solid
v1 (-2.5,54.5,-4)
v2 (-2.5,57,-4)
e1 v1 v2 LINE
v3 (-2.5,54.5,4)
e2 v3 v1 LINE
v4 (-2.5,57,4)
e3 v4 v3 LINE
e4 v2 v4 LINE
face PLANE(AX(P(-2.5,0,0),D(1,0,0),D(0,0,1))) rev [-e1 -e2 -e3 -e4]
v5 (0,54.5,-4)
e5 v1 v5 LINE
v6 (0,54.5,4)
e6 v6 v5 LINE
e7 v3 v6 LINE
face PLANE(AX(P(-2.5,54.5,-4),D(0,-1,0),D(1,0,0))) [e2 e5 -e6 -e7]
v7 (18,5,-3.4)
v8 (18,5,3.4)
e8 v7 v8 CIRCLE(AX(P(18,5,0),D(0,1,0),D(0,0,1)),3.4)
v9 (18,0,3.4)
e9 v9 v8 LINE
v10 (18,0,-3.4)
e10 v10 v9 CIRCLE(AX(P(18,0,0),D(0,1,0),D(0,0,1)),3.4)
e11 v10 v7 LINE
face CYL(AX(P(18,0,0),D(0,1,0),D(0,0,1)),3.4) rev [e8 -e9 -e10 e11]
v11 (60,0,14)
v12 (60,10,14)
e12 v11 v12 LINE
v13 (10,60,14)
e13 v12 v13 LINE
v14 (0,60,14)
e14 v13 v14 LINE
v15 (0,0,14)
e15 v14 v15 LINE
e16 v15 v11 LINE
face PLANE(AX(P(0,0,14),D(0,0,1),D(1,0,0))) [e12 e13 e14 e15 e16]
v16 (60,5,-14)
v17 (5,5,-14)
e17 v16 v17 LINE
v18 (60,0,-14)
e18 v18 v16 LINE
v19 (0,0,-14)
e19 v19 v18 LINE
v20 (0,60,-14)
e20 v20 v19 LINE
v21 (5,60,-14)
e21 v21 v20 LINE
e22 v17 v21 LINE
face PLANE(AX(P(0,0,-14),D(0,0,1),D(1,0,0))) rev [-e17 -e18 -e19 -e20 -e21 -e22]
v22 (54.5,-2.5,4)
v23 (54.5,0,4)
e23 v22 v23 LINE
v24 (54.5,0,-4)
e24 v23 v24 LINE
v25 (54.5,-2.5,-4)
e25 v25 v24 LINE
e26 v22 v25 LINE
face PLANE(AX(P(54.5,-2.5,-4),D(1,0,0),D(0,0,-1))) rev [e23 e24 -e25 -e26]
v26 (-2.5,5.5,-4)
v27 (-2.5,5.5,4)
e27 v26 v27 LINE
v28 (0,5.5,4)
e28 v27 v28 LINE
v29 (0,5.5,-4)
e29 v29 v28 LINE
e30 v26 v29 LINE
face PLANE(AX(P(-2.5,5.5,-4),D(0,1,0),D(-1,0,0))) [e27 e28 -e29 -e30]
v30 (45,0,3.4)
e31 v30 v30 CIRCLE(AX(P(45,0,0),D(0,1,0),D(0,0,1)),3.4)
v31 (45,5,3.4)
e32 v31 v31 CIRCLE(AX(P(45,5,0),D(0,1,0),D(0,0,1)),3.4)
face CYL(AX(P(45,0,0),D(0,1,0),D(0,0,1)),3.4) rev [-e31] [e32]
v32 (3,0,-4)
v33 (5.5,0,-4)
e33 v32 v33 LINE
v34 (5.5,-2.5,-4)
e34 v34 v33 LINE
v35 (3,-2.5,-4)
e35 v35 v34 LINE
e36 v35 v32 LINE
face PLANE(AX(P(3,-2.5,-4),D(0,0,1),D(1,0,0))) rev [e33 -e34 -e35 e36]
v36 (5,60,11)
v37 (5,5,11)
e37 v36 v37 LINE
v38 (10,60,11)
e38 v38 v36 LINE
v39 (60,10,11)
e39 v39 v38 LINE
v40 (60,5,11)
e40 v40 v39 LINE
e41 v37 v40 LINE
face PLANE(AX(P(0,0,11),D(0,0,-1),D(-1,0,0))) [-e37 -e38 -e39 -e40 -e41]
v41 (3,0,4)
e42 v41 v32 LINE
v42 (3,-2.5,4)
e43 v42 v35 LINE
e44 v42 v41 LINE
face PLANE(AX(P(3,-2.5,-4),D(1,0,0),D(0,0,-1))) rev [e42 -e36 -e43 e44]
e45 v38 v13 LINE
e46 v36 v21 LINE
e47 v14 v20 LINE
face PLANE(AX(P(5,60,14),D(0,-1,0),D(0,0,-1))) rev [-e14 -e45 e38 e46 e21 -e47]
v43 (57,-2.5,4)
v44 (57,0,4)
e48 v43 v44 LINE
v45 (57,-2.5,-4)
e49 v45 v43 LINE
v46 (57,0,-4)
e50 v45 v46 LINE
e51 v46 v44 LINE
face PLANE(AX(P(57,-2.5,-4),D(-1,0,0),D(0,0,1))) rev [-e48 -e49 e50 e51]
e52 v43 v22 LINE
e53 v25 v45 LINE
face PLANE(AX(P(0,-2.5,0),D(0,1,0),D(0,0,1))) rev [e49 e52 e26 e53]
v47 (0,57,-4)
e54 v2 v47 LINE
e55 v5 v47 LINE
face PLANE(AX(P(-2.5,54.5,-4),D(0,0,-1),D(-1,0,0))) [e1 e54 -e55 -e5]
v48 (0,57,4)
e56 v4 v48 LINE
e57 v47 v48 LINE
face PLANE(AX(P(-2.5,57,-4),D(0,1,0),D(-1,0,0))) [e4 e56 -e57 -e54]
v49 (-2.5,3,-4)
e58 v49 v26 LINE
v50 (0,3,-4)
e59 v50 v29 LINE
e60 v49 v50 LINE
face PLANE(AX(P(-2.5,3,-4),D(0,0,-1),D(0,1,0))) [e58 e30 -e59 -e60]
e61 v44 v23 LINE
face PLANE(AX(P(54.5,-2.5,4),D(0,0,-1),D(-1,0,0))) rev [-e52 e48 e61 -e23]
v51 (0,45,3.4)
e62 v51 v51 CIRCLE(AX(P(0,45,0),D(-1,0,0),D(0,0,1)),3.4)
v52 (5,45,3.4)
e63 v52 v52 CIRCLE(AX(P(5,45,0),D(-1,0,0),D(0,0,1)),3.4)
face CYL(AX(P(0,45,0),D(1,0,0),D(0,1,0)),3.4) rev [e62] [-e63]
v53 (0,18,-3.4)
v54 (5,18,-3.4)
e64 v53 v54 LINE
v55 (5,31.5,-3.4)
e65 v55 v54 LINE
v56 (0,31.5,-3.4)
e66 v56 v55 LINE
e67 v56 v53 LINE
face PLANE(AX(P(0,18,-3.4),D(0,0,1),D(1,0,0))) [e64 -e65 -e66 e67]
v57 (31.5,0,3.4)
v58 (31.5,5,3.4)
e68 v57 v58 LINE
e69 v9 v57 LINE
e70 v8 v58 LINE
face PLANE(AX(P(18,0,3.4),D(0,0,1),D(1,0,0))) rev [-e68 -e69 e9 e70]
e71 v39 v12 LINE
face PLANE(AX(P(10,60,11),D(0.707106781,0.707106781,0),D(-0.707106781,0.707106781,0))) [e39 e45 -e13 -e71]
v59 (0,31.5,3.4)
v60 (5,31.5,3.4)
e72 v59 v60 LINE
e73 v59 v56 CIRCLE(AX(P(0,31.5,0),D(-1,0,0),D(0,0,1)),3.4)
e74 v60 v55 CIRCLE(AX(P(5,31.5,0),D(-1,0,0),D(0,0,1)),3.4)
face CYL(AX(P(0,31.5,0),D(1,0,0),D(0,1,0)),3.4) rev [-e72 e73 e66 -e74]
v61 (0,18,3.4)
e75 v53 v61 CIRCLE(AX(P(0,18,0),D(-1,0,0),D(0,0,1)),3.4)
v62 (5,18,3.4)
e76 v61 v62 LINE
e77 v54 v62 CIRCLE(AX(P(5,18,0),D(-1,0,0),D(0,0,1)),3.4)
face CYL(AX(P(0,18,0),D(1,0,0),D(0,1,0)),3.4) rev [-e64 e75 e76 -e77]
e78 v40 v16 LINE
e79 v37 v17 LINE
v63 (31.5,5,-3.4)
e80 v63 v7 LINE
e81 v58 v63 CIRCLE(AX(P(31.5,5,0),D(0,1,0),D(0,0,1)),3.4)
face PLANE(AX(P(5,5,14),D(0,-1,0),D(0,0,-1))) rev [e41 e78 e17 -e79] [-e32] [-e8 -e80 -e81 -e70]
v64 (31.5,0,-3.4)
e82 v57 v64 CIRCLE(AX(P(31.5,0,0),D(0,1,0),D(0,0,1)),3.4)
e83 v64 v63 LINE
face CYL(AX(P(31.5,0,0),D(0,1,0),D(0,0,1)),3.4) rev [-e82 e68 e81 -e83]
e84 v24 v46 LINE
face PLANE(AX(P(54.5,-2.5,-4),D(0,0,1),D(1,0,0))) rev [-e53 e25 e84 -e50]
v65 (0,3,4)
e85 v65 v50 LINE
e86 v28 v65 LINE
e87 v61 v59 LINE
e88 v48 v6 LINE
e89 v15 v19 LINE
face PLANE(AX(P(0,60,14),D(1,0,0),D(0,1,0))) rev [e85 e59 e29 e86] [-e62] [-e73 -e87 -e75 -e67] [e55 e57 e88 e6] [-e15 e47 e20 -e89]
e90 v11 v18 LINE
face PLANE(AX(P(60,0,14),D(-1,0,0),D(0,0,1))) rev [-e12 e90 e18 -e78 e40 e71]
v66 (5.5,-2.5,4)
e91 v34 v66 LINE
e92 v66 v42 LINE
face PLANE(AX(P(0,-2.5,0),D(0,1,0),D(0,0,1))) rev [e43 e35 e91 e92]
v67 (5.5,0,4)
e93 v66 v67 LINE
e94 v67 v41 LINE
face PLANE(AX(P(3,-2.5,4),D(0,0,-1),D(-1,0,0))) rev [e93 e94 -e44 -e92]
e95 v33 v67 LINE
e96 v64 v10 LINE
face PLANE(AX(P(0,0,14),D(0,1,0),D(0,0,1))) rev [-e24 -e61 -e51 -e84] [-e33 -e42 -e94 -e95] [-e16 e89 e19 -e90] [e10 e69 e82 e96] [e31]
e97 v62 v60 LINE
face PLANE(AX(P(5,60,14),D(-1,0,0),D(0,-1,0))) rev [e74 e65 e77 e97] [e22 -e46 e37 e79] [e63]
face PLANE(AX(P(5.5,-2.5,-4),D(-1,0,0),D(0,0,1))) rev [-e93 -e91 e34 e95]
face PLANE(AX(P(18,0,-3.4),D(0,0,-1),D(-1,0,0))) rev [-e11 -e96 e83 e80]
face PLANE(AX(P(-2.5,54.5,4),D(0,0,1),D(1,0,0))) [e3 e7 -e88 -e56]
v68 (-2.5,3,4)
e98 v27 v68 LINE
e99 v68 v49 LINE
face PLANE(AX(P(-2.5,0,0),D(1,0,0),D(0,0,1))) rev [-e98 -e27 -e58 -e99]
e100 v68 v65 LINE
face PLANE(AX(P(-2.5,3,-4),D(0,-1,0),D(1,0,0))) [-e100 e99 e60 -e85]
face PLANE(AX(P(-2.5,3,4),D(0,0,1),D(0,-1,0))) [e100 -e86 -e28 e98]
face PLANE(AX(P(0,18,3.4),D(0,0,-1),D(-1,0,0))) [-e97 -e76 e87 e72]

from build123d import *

# Parameters (mm, degrees)
EXTRUDE_1_DEPTH     = 14
EXTRUDE_2_DEPTH     = 3
SKETCH_3_R          = 3.4
CUT_EXTRUDE_1_DEPTH = 6
SKETCH_4_W          = 2.5
SKETCH_4_H          = 8
EXTRUDE_3_DEPTH     = 2.5


with BuildPart() as part:
    # Эскиз1 → Бобышка-Вытянуть1 (new body, symmetric)
    with BuildSketch(Plane.XY):
        Polygon((0, 60), (0, 0), (60, 0), (60, 5), (5, 5), (5, 60), align=None)
    extrude(amount=EXTRUDE_1_DEPTH, both=True)

    # Эскиз2 → Бобышка-Вытянуть2 (add)
    with BuildSketch(Plane.XY.offset(14)):
        Polygon((60, 5), (5, 5), (5, 60), (10, 60), (60, 10), align=None)
    extrude(amount=-EXTRUDE_2_DEPTH)

    # Эскиз3 → Вырез-Вытянуть1 (cut, through all)
    with BuildSketch(Plane(origin=(0, 5, 0), x_dir=(1, 0, 0), z_dir=(0, 1, 0))):
        with Locations(Location((45, 0, 0), (0, 0, 270))):  # turned: the seam where the file's is
            Circle(SKETCH_3_R)
        with BuildLine():
            Line((18, 3.4), (31.5, 3.4))
            ThreePointArc((31.5, 3.4), (34.9, 0), (31.5, -3.4))
            Line((31.5, -3.4), (18, -3.4))
            ThreePointArc((18, -3.4), (14.6, 0), (18, 3.4))
        make_face()
    cut_extrude_1 = extrude(amount=-CUT_EXTRUDE_1_DEPTH, mode=Mode.SUBTRACT)

    # Эскиз4 → Бобышка-Вытянуть3 (add)
    with BuildSketch(Plane.XZ):
        with Locations((4.25, 0)):
            Rectangle(SKETCH_4_W, SKETCH_4_H)
        with Locations((55.75, 0)):
            Rectangle(SKETCH_4_W, SKETCH_4_H)
    extrude_3 = extrude(amount=EXTRUDE_3_DEPTH)

    # Зеркальное отражение3: Вырез-Вытянуть1, Бобышка-Вытянуть3 across plane
    add(cut_extrude_1.mirror(Plane(origin=(0, 0, 0), x_dir=(0, 0, 1), z_dir=(-0.707106781, 0.707106781, 0))), mode=Mode.SUBTRACT)
    add(extrude_3.mirror(Plane(origin=(0, 0, 0), x_dir=(0, 0, 1), z_dir=(-0.707106781, 0.707106781, 0))))


solid = part.part
